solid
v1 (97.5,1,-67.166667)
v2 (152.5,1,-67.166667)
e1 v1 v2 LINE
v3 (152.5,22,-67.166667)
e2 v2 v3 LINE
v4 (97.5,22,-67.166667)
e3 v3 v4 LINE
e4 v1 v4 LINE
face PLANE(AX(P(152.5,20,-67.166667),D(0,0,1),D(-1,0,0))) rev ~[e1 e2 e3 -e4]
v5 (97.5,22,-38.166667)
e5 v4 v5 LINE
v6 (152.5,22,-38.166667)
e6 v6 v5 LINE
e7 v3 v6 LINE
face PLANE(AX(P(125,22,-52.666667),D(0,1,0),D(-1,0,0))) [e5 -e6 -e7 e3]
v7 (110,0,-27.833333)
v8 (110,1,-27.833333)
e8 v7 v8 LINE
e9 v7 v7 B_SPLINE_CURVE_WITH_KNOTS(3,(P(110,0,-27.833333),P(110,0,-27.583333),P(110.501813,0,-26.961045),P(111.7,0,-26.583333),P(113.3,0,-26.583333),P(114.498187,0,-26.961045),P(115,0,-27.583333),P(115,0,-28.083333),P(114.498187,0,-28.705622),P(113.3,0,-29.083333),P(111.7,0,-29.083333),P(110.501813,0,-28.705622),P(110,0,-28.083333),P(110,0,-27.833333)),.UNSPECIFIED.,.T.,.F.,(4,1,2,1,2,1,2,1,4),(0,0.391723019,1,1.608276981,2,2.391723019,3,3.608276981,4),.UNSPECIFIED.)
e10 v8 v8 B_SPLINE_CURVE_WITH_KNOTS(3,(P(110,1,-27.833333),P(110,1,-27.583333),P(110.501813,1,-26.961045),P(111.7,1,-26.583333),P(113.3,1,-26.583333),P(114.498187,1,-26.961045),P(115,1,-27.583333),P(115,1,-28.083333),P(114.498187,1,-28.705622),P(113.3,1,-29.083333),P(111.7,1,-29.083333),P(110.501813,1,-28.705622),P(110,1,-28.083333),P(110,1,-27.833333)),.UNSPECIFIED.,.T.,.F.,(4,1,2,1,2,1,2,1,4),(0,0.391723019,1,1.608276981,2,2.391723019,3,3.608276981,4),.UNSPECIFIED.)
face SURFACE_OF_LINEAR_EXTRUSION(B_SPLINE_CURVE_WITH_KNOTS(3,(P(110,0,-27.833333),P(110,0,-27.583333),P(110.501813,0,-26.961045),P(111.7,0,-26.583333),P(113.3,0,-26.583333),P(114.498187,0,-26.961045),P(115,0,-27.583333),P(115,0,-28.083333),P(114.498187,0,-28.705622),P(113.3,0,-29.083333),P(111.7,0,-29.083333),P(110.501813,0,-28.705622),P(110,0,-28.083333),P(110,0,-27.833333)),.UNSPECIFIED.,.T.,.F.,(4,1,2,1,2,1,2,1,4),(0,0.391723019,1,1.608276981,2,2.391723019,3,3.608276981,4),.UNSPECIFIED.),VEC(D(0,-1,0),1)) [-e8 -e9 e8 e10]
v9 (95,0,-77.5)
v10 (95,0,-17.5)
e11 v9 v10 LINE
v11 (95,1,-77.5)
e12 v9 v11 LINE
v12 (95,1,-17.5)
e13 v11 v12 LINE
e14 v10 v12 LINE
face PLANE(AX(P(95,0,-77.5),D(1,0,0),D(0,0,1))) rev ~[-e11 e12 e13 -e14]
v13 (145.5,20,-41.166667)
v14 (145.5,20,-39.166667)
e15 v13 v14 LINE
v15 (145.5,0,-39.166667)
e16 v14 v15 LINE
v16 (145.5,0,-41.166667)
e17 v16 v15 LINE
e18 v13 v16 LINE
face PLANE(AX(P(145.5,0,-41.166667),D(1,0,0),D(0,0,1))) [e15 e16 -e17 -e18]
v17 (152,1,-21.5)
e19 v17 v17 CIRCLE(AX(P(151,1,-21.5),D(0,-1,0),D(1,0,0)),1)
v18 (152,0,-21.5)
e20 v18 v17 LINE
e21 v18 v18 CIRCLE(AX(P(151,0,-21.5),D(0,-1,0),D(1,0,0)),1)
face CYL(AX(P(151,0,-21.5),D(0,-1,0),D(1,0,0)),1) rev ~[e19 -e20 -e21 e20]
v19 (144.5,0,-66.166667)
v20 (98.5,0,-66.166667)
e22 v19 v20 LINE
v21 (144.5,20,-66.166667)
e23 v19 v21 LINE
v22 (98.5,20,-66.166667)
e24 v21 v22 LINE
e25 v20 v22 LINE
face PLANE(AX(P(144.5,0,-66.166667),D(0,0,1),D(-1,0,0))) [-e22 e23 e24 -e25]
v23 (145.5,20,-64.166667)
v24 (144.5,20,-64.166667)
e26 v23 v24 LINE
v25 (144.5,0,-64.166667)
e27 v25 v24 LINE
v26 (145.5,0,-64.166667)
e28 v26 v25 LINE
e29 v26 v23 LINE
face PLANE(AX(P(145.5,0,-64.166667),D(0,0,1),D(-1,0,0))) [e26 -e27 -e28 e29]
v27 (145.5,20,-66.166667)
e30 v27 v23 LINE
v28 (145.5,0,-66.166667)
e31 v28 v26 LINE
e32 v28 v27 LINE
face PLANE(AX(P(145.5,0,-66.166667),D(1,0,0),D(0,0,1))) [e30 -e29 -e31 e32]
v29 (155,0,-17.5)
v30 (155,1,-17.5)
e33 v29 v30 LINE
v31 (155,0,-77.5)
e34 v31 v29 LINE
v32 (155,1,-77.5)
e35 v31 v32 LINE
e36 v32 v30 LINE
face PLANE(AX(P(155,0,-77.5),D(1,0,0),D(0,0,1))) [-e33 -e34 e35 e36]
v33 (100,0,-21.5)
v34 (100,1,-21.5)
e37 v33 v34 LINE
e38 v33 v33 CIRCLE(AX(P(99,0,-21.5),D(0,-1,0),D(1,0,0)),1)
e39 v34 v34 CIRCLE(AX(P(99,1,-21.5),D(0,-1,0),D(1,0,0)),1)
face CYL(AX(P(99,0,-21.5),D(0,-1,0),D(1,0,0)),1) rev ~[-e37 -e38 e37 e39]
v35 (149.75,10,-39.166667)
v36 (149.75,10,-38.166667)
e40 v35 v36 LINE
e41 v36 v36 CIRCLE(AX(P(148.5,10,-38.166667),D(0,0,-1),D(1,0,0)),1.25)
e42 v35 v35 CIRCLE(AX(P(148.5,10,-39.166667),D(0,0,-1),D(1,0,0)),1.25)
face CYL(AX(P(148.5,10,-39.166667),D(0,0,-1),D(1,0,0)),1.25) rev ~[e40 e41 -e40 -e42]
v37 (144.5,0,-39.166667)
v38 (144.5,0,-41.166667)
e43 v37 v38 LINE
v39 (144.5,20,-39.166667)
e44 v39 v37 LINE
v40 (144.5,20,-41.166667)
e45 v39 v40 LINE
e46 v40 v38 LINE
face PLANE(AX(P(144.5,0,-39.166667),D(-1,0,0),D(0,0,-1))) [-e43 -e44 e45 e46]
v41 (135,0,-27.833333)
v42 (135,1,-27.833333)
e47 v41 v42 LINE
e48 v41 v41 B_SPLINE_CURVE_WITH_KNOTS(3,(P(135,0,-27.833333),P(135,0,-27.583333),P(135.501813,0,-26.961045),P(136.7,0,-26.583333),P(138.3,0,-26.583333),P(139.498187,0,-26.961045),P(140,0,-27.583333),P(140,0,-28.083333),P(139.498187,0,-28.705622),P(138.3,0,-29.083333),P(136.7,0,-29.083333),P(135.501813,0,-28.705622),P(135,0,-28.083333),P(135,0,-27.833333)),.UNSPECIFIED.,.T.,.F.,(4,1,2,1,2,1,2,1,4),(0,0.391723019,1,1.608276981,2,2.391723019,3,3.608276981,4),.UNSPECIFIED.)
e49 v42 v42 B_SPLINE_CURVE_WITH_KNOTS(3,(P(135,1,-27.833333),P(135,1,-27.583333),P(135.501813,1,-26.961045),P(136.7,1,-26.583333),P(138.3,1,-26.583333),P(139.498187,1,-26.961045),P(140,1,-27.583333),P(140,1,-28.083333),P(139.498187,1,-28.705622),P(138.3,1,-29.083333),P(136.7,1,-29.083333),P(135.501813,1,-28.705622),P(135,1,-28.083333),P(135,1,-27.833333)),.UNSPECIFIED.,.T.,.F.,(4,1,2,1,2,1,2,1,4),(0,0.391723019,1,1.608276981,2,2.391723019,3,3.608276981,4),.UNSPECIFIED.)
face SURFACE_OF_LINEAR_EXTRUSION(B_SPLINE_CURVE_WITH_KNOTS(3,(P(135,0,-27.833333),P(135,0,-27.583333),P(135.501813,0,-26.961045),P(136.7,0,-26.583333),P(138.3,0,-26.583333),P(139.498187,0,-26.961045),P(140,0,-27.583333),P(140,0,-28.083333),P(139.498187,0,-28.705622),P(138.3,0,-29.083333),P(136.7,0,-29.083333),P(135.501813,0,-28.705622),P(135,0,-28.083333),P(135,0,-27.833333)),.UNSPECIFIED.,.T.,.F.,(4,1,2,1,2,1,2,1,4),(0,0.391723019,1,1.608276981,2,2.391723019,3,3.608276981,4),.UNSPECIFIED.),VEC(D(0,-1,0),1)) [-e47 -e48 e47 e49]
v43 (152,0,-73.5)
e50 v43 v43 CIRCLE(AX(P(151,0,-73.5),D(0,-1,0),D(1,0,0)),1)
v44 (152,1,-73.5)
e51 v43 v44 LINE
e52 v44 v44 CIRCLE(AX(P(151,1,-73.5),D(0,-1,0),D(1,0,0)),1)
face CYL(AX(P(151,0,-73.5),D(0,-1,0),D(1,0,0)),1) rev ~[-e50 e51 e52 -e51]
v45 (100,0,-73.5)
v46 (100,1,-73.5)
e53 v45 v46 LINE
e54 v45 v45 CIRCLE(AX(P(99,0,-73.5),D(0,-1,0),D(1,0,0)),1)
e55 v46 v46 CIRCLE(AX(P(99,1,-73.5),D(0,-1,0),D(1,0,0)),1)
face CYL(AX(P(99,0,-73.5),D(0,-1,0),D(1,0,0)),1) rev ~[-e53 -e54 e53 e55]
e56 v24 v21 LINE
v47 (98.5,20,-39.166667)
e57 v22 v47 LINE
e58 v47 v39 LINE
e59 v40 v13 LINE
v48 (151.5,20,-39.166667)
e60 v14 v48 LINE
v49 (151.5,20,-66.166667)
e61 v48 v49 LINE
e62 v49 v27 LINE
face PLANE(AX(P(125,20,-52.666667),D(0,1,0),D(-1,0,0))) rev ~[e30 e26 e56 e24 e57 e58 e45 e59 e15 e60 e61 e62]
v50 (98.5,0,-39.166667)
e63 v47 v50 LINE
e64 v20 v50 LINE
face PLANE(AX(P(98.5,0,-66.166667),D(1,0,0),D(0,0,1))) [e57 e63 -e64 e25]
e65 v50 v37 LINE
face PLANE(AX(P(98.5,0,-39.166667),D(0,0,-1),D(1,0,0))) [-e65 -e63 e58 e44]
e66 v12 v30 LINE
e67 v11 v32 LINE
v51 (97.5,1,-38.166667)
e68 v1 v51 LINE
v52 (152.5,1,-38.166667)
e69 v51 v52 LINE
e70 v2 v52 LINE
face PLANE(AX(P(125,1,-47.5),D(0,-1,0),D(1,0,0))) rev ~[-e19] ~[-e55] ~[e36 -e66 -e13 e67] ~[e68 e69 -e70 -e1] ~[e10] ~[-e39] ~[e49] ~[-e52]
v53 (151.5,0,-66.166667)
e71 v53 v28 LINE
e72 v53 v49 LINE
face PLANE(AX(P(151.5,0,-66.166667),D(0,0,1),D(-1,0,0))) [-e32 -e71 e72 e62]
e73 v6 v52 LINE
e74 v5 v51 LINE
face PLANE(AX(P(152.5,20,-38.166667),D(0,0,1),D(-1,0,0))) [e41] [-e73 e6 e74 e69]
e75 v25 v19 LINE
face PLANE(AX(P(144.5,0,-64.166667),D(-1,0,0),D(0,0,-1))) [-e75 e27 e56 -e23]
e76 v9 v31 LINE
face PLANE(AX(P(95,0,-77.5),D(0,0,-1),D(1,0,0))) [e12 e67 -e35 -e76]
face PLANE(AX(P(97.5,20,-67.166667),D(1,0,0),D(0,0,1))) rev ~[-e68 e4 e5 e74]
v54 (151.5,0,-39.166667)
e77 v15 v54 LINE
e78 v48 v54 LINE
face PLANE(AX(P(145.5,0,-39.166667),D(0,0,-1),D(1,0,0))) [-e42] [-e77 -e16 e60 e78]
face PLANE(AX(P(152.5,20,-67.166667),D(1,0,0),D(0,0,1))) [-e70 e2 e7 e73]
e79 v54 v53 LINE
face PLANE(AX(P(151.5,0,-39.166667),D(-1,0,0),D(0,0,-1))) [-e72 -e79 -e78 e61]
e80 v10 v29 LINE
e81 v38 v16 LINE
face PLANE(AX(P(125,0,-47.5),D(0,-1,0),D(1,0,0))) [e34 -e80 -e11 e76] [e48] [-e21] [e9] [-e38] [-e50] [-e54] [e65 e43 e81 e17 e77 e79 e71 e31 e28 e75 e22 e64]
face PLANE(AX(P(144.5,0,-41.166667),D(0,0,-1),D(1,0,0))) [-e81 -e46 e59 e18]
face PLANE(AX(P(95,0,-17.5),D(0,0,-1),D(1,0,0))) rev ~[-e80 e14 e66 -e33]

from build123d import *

# Parameters (mm, degrees)
F0_W     = 60
F0_H     = 60
F0_R     = 1
F0_W_2   = 55
F0_H_2   = 29
F1_DEPTH = 1
F2_DEPTH = 20
F3_W     = 55
F3_H     = 29
F4_DEPTH = 2
F5_R     = 1.25
F6_DEPTH = 1


with BuildPart() as f1:
    # F0 (on Front) → F1 (new body)
    with BuildSketch(Plane.XZ):
        with Locations((125, -47.5)):
            Rectangle(F0_W, F0_H)
        with Locations((99, -73.5)):
            Circle(F0_R, mode=Mode.SUBTRACT)
        with BuildLine():
            add(Edge.make_bspline(
                [(115.5, -27.8333333333), (115.5053577108, -27.7788793608), (115.5046155164, -27.6173160698), (115.4229520333, -27.3159864687), (115.1694184757, -27.0083733137), (114.8396391927, -26.7320721453), (114.4565636597, -26.5055538646), (113.9744634164, -26.3044772096), (113.4434639551, -26.138395569), (112.9239685432, -26.0775980772), (112.622564856, -26.077294909), (112.5, -26.0833333333)],
                knots=[0, 0, 0, 0, 0.1634113073, 0.4836883399, 0.9124679887, 1.3341141703, 1.7731849289, 2.2406235312, 2.899707559, 3.4345550853, 3.8026975859, 3.8026975859, 3.8026975859, 3.8026975859], degree=3))
            add(Edge.make_bspline(
                [(115.5, -27.8333333333), (115.5053577108, -27.8877873059), (115.5046155164, -28.0493505969), (115.4229520333, -28.3506801979), (115.1694184757, -28.658293353), (114.8396391927, -28.9345945214), (114.4565636597, -29.1611128021), (113.9744634164, -29.3621894571), (113.4434639551, -29.5282710976), (112.9239685432, -29.5890685895), (112.622564856, -29.5893717577), (112.5, -29.5833333333)],
                knots=[0, 0, 0, 0, 0.1634113073, 0.4836883399, 0.9124679887, 1.3341141703, 1.7731849289, 2.2406235312, 2.899707559, 3.4345550853, 3.8026975859, 3.8026975859, 3.8026975859, 3.8026975859], degree=3))
            add(Edge.make_bspline(
                [(109.5, -27.8333333333), (109.4946422892, -27.8877873059), (109.4953844836, -28.0493505969), (109.5770479667, -28.350680198), (109.8305815243, -28.658293353), (110.1603608073, -28.9345945214), (110.5434363403, -29.1611128021), (111.0255365836, -29.3621894571), (111.5565360449, -29.5282710976), (112.0760314568, -29.5890685895), (112.377435144, -29.5893717577), (112.5, -29.5833333333)],
                knots=[0, 0, 0, 0, 0.1634113073, 0.4836883399, 0.9124679887, 1.3341141703, 1.7731849289, 2.2406235313, 2.899707559, 3.4345550853, 3.8026975859, 3.8026975859, 3.8026975859, 3.8026975859], degree=3))
            add(Edge.make_bspline(
                [(109.5, -27.8333333333), (109.4946422892, -27.7788793608), (109.4953844836, -27.6173160698), (109.5770479667, -27.3159864687), (109.8305815243, -27.0083733137), (110.1603608073, -26.7320721453), (110.5434363403, -26.5055538646), (111.0255365836, -26.3044772096), (111.5565360449, -26.138395569), (112.0760314568, -26.0775980772), (112.377435144, -26.077294909), (112.5, -26.0833333333)],
                knots=[0, 0, 0, 0, 0.1634113073, 0.4836883399, 0.9124679887, 1.3341141703, 1.7731849289, 2.2406235313, 2.899707559, 3.4345550853, 3.8026975859, 3.8026975859, 3.8026975859, 3.8026975859], degree=3))
        make_face(mode=Mode.SUBTRACT)
        with Locations((151, -73.5)):
            Circle(F0_R, mode=Mode.SUBTRACT)
        with Locations((125, -52.6666666667)):
            Rectangle(F0_W_2, F0_H_2, mode=Mode.SUBTRACT)
        with BuildLine():
            add(Edge.make_bspline(
                [(134.5, -27.8333333333), (134.4946422892, -27.8877873059), (134.4953844836, -28.0493505969), (134.5770479667, -28.3506801979), (134.8305815243, -28.658293353), (135.1603608073, -28.9345945214), (135.5434363403, -29.1611128021), (136.0255365836, -29.3621894571), (136.5565360449, -29.5282710976), (137.0760314568, -29.5890685895), (137.377435144, -29.5893717577), (137.5, -29.5833333333)],
                knots=[0, 0, 0, 0, 0.1634113073, 0.4836883399, 0.9124679887, 1.3341141703, 1.7731849289, 2.2406235312, 2.899707559, 3.4345550853, 3.8026975859, 3.8026975859, 3.8026975859, 3.8026975859], degree=3))
            add(Edge.make_bspline(
                [(134.5, -27.8333333333), (134.4946422892, -27.7788793608), (134.4953844836, -27.6173160698), (134.5770479667, -27.3159864687), (134.8305815243, -27.0083733137), (135.1603608073, -26.7320721453), (135.5434363403, -26.5055538646), (136.0255365836, -26.3044772096), (136.5565360449, -26.138395569), (137.0760314568, -26.0775980772), (137.377435144, -26.077294909), (137.5, -26.0833333333)],
                knots=[0, 0, 0, 0, 0.1634113073, 0.4836883399, 0.9124679887, 1.3341141703, 1.7731849289, 2.2406235312, 2.899707559, 3.4345550853, 3.8026975859, 3.8026975859, 3.8026975859, 3.8026975859], degree=3))
            add(Edge.make_bspline(
                [(140.5, -27.8333333333), (140.5053577108, -27.7788793608), (140.5046155164, -27.6173160698), (140.4229520333, -27.3159864687), (140.1694184757, -27.0083733137), (139.8396391927, -26.7320721453), (139.4565636597, -26.5055538646), (138.9744634164, -26.3044772096), (138.4434639551, -26.138395569), (137.9239685432, -26.0775980772), (137.622564856, -26.077294909), (137.5, -26.0833333333)],
                knots=[0, 0, 0, 0, 0.1634113073, 0.4836883399, 0.9124679887, 1.3341141703, 1.7731849289, 2.2406235313, 2.899707559, 3.4345550853, 3.8026975859, 3.8026975859, 3.8026975859, 3.8026975859], degree=3))
            add(Edge.make_bspline(
                [(140.5, -27.8333333333), (140.5053577108, -27.8877873059), (140.5046155164, -28.0493505969), (140.4229520333, -28.350680198), (140.1694184757, -28.658293353), (139.8396391927, -28.9345945214), (139.4565636597, -29.1611128021), (138.9744634164, -29.3621894571), (138.4434639551, -29.5282710976), (137.9239685432, -29.5890685895), (137.622564856, -29.5893717577), (137.5, -29.5833333333)],
                knots=[0, 0, 0, 0, 0.1634113073, 0.4836883399, 0.9124679887, 1.3341141703, 1.7731849289, 2.2406235313, 2.899707559, 3.4345550853, 3.8026975859, 3.8026975859, 3.8026975859, 3.8026975859], degree=3))
        make_face(mode=Mode.SUBTRACT)
        with Locations((99, -21.5)):
            Circle(F0_R, mode=Mode.SUBTRACT)
        with Locations((151, -21.5)):
            Circle(F0_R, mode=Mode.SUBTRACT)
        with BuildLine():
            add(Edge.make_bspline(
                [(115.5, -27.8333333333), (115.5053577108, -27.8877873059), (115.5046155164, -28.0493505969), (115.4229520333, -28.3506801979), (115.1694184757, -28.658293353), (114.8396391927, -28.9345945214), (114.4565636597, -29.1611128021), (113.9744634164, -29.3621894571), (113.4434639551, -29.5282710976), (112.9239685432, -29.5890685895), (112.622564856, -29.5893717577), (112.5, -29.5833333333)],
                knots=[0, 0, 0, 0, 0.1634113073, 0.4836883399, 0.9124679887, 1.3341141703, 1.7731849289, 2.2406235312, 2.899707559, 3.4345550853, 3.8026975859, 3.8026975859, 3.8026975859, 3.8026975859], degree=3))
            add(Edge.make_bspline(
                [(115.5, -27.8333333333), (115.5053577108, -27.7788793608), (115.5046155164, -27.6173160698), (115.4229520333, -27.3159864687), (115.1694184757, -27.0083733137), (114.8396391927, -26.7320721453), (114.4565636597, -26.5055538646), (113.9744634164, -26.3044772096), (113.4434639551, -26.138395569), (112.9239685432, -26.0775980772), (112.622564856, -26.077294909), (112.5, -26.0833333333)],
                knots=[0, 0, 0, 0, 0.1634113073, 0.4836883399, 0.9124679887, 1.3341141703, 1.7731849289, 2.2406235312, 2.899707559, 3.4345550853, 3.8026975859, 3.8026975859, 3.8026975859, 3.8026975859], degree=3))
            add(Edge.make_bspline(
                [(109.5, -27.8333333333), (109.4946422892, -27.7788793608), (109.4953844836, -27.6173160698), (109.5770479667, -27.3159864687), (109.8305815243, -27.0083733137), (110.1603608073, -26.7320721453), (110.5434363403, -26.5055538646), (111.0255365836, -26.3044772096), (111.5565360449, -26.138395569), (112.0760314568, -26.0775980772), (112.377435144, -26.077294909), (112.5, -26.0833333333)],
                knots=[0, 0, 0, 0, 0.1634113073, 0.4836883399, 0.9124679887, 1.3341141703, 1.7731849289, 2.2406235313, 2.899707559, 3.4345550853, 3.8026975859, 3.8026975859, 3.8026975859, 3.8026975859], degree=3))
            add(Edge.make_bspline(
                [(109.5, -27.8333333333), (109.4946422892, -27.8877873059), (109.4953844836, -28.0493505969), (109.5770479667, -28.350680198), (109.8305815243, -28.658293353), (110.1603608073, -28.9345945214), (110.5434363403, -29.1611128021), (111.0255365836, -29.3621894571), (111.5565360449, -29.5282710976), (112.0760314568, -29.5890685895), (112.377435144, -29.5893717577), (112.5, -29.5833333333)],
                knots=[0, 0, 0, 0, 0.1634113073, 0.4836883399, 0.9124679887, 1.3341141703, 1.7731849289, 2.2406235313, 2.899707559, 3.4345550853, 3.8026975859, 3.8026975859, 3.8026975859, 3.8026975859], degree=3))
        make_face()
        with BuildLine():
            add(Edge.make_bspline(
                [(110, -27.8333333333), (110, -28.0833333333), (110.5018133067, -28.705622104), (111.7, -29.0833333333), (112.5, -29.0833333333)],
                knots=[0, 0, 0, 0, 0.3917230185, 1, 1, 1, 1], degree=3))
            add(Edge.make_bspline(
                [(110, -27.8333333333), (110, -27.5833333333), (110.5018133067, -26.9610445627), (111.7, -26.5833333333), (112.5, -26.5833333333)],
                knots=[0, 0, 0, 0, 0.3917230185, 1, 1, 1, 1], degree=3))
            add(Edge.make_bspline(
                [(115, -27.8333333333), (115, -27.5833333333), (114.4981866933, -26.9610445627), (113.3, -26.5833333333), (112.5, -26.5833333333)],
                knots=[0, 0, 0, 0, 0.3917230185, 1, 1, 1, 1], degree=3))
            add(Edge.make_bspline(
                [(115, -27.8333333333), (115, -28.0833333333), (114.4981866933, -28.705622104), (113.3, -29.0833333333), (112.5, -29.0833333333)],
                knots=[0, 0, 0, 0, 0.3917230185, 1, 1, 1, 1], degree=3))
        make_face(mode=Mode.SUBTRACT)
        with BuildLine():
            add(Edge.make_bspline(
                [(134.5, -27.8333333333), (134.4946422892, -27.7788793608), (134.4953844836, -27.6173160698), (134.5770479667, -27.3159864687), (134.8305815243, -27.0083733137), (135.1603608073, -26.7320721453), (135.5434363403, -26.5055538646), (136.0255365836, -26.3044772096), (136.5565360449, -26.138395569), (137.0760314568, -26.0775980772), (137.377435144, -26.077294909), (137.5, -26.0833333333)],
                knots=[0, 0, 0, 0, 0.1634113073, 0.4836883399, 0.9124679887, 1.3341141703, 1.7731849289, 2.2406235312, 2.899707559, 3.4345550853, 3.8026975859, 3.8026975859, 3.8026975859, 3.8026975859], degree=3))
            add(Edge.make_bspline(
                [(134.5, -27.8333333333), (134.4946422892, -27.8877873059), (134.4953844836, -28.0493505969), (134.5770479667, -28.3506801979), (134.8305815243, -28.658293353), (135.1603608073, -28.9345945214), (135.5434363403, -29.1611128021), (136.0255365836, -29.3621894571), (136.5565360449, -29.5282710976), (137.0760314568, -29.5890685895), (137.377435144, -29.5893717577), (137.5, -29.5833333333)],
                knots=[0, 0, 0, 0, 0.1634113073, 0.4836883399, 0.9124679887, 1.3341141703, 1.7731849289, 2.2406235312, 2.899707559, 3.4345550853, 3.8026975859, 3.8026975859, 3.8026975859, 3.8026975859], degree=3))
            add(Edge.make_bspline(
                [(140.5, -27.8333333333), (140.5053577108, -27.8877873059), (140.5046155164, -28.0493505969), (140.4229520333, -28.350680198), (140.1694184757, -28.658293353), (139.8396391927, -28.9345945214), (139.4565636597, -29.1611128021), (138.9744634164, -29.3621894571), (138.4434639551, -29.5282710976), (137.9239685432, -29.5890685895), (137.622564856, -29.5893717577), (137.5, -29.5833333333)],
                knots=[0, 0, 0, 0, 0.1634113073, 0.4836883399, 0.9124679887, 1.3341141703, 1.7731849289, 2.2406235313, 2.899707559, 3.4345550853, 3.8026975859, 3.8026975859, 3.8026975859, 3.8026975859], degree=3))
            add(Edge.make_bspline(
                [(140.5, -27.8333333333), (140.5053577108, -27.7788793608), (140.5046155164, -27.6173160698), (140.4229520333, -27.3159864687), (140.1694184757, -27.0083733137), (139.8396391927, -26.7320721453), (139.4565636597, -26.5055538646), (138.9744634164, -26.3044772096), (138.4434639551, -26.138395569), (137.9239685432, -26.0775980772), (137.622564856, -26.077294909), (137.5, -26.0833333333)],
                knots=[0, 0, 0, 0, 0.1634113073, 0.4836883399, 0.9124679887, 1.3341141703, 1.7731849289, 2.2406235313, 2.899707559, 3.4345550853, 3.8026975859, 3.8026975859, 3.8026975859, 3.8026975859], degree=3))
        make_face()
        with BuildLine():
            add(Edge.make_bspline(
                [(135, -27.8333333333), (135, -28.0833333333), (135.5018133067, -28.705622104), (136.7, -29.0833333333), (137.5, -29.0833333333)],
                knots=[0, 0, 0, 0, 0.3917230185, 1, 1, 1, 1], degree=3))
            add(Edge.make_bspline(
                [(135, -27.8333333333), (135, -27.5833333333), (135.5018133067, -26.9610445627), (136.7, -26.5833333333), (137.5, -26.5833333333)],
                knots=[0, 0, 0, 0, 0.3917230185, 1, 1, 1, 1], degree=3))
            add(Edge.make_bspline(
                [(140, -27.8333333333), (140, -27.5833333333), (139.4981866933, -26.9610445627), (138.3, -26.5833333333), (137.5, -26.5833333333)],
                knots=[0, 0, 0, 0, 0.3917230185, 1, 1, 1, 1], degree=3))
            add(Edge.make_bspline(
                [(140, -27.8333333333), (140, -28.0833333333), (139.4981866933, -28.705622104), (138.3, -29.0833333333), (137.5, -29.0833333333)],
                knots=[0, 0, 0, 0, 0.3917230185, 1, 1, 1, 1], degree=3))
        make_face(mode=Mode.SUBTRACT)
        with Locations((125, -52.6666666667)):
            Rectangle(F0_W_2, F0_H_2)
        Polygon((98.5, -39.1666666667), (144.5, -39.1666666667), (144.5, -41.1666666667), (145.5, -41.1666666667), (145.5, -39.1666666667), (151.5, -39.1666666667), (151.5, -66.1666666667), (145.5, -66.1666666667), (145.5, -64.1666666667), (144.5, -64.1666666667), (144.5, -66.1666666667), (98.5, -66.1666666667), align=None, mode=Mode.SUBTRACT)
    extrude(amount=-F1_DEPTH)

    # F0 (on Front) → F2 (join)
    with BuildSketch(Plane.XZ):
        with Locations((125, -52.6666666667)):
            Rectangle(F0_W_2, F0_H_2)
        Polygon((98.5, -39.1666666667), (144.5, -39.1666666667), (144.5, -41.1666666667), (145.5, -41.1666666667), (145.5, -39.1666666667), (151.5, -39.1666666667), (151.5, -66.1666666667), (145.5, -66.1666666667), (145.5, -64.1666666667), (144.5, -64.1666666667), (144.5, -66.1666666667), (98.5, -66.1666666667), align=None, mode=Mode.SUBTRACT)
    extrude(amount=-F2_DEPTH)

    # F3 (on face) → F4 (join)
    with BuildSketch(Plane(origin=(0, 20, 0), x_dir=(-1, 0, 0), z_dir=(0, 1, 0))):
        with Locations((-125, -52.6666666667)):
            Rectangle(F3_W, F3_H)
    extrude(amount=F4_DEPTH)

    # F5 (on face) → F6 (cut, through all)
    with BuildSketch(Plane(origin=(0, 0, -39.1666666667), x_dir=(1, 0, 0), z_dir=(0, 0, -1))):
        with Locations((148.5, -10)):
            Circle(F5_R)
    extrude(amount=-F6_DEPTH, mode=Mode.SUBTRACT)


solid = f1.part
